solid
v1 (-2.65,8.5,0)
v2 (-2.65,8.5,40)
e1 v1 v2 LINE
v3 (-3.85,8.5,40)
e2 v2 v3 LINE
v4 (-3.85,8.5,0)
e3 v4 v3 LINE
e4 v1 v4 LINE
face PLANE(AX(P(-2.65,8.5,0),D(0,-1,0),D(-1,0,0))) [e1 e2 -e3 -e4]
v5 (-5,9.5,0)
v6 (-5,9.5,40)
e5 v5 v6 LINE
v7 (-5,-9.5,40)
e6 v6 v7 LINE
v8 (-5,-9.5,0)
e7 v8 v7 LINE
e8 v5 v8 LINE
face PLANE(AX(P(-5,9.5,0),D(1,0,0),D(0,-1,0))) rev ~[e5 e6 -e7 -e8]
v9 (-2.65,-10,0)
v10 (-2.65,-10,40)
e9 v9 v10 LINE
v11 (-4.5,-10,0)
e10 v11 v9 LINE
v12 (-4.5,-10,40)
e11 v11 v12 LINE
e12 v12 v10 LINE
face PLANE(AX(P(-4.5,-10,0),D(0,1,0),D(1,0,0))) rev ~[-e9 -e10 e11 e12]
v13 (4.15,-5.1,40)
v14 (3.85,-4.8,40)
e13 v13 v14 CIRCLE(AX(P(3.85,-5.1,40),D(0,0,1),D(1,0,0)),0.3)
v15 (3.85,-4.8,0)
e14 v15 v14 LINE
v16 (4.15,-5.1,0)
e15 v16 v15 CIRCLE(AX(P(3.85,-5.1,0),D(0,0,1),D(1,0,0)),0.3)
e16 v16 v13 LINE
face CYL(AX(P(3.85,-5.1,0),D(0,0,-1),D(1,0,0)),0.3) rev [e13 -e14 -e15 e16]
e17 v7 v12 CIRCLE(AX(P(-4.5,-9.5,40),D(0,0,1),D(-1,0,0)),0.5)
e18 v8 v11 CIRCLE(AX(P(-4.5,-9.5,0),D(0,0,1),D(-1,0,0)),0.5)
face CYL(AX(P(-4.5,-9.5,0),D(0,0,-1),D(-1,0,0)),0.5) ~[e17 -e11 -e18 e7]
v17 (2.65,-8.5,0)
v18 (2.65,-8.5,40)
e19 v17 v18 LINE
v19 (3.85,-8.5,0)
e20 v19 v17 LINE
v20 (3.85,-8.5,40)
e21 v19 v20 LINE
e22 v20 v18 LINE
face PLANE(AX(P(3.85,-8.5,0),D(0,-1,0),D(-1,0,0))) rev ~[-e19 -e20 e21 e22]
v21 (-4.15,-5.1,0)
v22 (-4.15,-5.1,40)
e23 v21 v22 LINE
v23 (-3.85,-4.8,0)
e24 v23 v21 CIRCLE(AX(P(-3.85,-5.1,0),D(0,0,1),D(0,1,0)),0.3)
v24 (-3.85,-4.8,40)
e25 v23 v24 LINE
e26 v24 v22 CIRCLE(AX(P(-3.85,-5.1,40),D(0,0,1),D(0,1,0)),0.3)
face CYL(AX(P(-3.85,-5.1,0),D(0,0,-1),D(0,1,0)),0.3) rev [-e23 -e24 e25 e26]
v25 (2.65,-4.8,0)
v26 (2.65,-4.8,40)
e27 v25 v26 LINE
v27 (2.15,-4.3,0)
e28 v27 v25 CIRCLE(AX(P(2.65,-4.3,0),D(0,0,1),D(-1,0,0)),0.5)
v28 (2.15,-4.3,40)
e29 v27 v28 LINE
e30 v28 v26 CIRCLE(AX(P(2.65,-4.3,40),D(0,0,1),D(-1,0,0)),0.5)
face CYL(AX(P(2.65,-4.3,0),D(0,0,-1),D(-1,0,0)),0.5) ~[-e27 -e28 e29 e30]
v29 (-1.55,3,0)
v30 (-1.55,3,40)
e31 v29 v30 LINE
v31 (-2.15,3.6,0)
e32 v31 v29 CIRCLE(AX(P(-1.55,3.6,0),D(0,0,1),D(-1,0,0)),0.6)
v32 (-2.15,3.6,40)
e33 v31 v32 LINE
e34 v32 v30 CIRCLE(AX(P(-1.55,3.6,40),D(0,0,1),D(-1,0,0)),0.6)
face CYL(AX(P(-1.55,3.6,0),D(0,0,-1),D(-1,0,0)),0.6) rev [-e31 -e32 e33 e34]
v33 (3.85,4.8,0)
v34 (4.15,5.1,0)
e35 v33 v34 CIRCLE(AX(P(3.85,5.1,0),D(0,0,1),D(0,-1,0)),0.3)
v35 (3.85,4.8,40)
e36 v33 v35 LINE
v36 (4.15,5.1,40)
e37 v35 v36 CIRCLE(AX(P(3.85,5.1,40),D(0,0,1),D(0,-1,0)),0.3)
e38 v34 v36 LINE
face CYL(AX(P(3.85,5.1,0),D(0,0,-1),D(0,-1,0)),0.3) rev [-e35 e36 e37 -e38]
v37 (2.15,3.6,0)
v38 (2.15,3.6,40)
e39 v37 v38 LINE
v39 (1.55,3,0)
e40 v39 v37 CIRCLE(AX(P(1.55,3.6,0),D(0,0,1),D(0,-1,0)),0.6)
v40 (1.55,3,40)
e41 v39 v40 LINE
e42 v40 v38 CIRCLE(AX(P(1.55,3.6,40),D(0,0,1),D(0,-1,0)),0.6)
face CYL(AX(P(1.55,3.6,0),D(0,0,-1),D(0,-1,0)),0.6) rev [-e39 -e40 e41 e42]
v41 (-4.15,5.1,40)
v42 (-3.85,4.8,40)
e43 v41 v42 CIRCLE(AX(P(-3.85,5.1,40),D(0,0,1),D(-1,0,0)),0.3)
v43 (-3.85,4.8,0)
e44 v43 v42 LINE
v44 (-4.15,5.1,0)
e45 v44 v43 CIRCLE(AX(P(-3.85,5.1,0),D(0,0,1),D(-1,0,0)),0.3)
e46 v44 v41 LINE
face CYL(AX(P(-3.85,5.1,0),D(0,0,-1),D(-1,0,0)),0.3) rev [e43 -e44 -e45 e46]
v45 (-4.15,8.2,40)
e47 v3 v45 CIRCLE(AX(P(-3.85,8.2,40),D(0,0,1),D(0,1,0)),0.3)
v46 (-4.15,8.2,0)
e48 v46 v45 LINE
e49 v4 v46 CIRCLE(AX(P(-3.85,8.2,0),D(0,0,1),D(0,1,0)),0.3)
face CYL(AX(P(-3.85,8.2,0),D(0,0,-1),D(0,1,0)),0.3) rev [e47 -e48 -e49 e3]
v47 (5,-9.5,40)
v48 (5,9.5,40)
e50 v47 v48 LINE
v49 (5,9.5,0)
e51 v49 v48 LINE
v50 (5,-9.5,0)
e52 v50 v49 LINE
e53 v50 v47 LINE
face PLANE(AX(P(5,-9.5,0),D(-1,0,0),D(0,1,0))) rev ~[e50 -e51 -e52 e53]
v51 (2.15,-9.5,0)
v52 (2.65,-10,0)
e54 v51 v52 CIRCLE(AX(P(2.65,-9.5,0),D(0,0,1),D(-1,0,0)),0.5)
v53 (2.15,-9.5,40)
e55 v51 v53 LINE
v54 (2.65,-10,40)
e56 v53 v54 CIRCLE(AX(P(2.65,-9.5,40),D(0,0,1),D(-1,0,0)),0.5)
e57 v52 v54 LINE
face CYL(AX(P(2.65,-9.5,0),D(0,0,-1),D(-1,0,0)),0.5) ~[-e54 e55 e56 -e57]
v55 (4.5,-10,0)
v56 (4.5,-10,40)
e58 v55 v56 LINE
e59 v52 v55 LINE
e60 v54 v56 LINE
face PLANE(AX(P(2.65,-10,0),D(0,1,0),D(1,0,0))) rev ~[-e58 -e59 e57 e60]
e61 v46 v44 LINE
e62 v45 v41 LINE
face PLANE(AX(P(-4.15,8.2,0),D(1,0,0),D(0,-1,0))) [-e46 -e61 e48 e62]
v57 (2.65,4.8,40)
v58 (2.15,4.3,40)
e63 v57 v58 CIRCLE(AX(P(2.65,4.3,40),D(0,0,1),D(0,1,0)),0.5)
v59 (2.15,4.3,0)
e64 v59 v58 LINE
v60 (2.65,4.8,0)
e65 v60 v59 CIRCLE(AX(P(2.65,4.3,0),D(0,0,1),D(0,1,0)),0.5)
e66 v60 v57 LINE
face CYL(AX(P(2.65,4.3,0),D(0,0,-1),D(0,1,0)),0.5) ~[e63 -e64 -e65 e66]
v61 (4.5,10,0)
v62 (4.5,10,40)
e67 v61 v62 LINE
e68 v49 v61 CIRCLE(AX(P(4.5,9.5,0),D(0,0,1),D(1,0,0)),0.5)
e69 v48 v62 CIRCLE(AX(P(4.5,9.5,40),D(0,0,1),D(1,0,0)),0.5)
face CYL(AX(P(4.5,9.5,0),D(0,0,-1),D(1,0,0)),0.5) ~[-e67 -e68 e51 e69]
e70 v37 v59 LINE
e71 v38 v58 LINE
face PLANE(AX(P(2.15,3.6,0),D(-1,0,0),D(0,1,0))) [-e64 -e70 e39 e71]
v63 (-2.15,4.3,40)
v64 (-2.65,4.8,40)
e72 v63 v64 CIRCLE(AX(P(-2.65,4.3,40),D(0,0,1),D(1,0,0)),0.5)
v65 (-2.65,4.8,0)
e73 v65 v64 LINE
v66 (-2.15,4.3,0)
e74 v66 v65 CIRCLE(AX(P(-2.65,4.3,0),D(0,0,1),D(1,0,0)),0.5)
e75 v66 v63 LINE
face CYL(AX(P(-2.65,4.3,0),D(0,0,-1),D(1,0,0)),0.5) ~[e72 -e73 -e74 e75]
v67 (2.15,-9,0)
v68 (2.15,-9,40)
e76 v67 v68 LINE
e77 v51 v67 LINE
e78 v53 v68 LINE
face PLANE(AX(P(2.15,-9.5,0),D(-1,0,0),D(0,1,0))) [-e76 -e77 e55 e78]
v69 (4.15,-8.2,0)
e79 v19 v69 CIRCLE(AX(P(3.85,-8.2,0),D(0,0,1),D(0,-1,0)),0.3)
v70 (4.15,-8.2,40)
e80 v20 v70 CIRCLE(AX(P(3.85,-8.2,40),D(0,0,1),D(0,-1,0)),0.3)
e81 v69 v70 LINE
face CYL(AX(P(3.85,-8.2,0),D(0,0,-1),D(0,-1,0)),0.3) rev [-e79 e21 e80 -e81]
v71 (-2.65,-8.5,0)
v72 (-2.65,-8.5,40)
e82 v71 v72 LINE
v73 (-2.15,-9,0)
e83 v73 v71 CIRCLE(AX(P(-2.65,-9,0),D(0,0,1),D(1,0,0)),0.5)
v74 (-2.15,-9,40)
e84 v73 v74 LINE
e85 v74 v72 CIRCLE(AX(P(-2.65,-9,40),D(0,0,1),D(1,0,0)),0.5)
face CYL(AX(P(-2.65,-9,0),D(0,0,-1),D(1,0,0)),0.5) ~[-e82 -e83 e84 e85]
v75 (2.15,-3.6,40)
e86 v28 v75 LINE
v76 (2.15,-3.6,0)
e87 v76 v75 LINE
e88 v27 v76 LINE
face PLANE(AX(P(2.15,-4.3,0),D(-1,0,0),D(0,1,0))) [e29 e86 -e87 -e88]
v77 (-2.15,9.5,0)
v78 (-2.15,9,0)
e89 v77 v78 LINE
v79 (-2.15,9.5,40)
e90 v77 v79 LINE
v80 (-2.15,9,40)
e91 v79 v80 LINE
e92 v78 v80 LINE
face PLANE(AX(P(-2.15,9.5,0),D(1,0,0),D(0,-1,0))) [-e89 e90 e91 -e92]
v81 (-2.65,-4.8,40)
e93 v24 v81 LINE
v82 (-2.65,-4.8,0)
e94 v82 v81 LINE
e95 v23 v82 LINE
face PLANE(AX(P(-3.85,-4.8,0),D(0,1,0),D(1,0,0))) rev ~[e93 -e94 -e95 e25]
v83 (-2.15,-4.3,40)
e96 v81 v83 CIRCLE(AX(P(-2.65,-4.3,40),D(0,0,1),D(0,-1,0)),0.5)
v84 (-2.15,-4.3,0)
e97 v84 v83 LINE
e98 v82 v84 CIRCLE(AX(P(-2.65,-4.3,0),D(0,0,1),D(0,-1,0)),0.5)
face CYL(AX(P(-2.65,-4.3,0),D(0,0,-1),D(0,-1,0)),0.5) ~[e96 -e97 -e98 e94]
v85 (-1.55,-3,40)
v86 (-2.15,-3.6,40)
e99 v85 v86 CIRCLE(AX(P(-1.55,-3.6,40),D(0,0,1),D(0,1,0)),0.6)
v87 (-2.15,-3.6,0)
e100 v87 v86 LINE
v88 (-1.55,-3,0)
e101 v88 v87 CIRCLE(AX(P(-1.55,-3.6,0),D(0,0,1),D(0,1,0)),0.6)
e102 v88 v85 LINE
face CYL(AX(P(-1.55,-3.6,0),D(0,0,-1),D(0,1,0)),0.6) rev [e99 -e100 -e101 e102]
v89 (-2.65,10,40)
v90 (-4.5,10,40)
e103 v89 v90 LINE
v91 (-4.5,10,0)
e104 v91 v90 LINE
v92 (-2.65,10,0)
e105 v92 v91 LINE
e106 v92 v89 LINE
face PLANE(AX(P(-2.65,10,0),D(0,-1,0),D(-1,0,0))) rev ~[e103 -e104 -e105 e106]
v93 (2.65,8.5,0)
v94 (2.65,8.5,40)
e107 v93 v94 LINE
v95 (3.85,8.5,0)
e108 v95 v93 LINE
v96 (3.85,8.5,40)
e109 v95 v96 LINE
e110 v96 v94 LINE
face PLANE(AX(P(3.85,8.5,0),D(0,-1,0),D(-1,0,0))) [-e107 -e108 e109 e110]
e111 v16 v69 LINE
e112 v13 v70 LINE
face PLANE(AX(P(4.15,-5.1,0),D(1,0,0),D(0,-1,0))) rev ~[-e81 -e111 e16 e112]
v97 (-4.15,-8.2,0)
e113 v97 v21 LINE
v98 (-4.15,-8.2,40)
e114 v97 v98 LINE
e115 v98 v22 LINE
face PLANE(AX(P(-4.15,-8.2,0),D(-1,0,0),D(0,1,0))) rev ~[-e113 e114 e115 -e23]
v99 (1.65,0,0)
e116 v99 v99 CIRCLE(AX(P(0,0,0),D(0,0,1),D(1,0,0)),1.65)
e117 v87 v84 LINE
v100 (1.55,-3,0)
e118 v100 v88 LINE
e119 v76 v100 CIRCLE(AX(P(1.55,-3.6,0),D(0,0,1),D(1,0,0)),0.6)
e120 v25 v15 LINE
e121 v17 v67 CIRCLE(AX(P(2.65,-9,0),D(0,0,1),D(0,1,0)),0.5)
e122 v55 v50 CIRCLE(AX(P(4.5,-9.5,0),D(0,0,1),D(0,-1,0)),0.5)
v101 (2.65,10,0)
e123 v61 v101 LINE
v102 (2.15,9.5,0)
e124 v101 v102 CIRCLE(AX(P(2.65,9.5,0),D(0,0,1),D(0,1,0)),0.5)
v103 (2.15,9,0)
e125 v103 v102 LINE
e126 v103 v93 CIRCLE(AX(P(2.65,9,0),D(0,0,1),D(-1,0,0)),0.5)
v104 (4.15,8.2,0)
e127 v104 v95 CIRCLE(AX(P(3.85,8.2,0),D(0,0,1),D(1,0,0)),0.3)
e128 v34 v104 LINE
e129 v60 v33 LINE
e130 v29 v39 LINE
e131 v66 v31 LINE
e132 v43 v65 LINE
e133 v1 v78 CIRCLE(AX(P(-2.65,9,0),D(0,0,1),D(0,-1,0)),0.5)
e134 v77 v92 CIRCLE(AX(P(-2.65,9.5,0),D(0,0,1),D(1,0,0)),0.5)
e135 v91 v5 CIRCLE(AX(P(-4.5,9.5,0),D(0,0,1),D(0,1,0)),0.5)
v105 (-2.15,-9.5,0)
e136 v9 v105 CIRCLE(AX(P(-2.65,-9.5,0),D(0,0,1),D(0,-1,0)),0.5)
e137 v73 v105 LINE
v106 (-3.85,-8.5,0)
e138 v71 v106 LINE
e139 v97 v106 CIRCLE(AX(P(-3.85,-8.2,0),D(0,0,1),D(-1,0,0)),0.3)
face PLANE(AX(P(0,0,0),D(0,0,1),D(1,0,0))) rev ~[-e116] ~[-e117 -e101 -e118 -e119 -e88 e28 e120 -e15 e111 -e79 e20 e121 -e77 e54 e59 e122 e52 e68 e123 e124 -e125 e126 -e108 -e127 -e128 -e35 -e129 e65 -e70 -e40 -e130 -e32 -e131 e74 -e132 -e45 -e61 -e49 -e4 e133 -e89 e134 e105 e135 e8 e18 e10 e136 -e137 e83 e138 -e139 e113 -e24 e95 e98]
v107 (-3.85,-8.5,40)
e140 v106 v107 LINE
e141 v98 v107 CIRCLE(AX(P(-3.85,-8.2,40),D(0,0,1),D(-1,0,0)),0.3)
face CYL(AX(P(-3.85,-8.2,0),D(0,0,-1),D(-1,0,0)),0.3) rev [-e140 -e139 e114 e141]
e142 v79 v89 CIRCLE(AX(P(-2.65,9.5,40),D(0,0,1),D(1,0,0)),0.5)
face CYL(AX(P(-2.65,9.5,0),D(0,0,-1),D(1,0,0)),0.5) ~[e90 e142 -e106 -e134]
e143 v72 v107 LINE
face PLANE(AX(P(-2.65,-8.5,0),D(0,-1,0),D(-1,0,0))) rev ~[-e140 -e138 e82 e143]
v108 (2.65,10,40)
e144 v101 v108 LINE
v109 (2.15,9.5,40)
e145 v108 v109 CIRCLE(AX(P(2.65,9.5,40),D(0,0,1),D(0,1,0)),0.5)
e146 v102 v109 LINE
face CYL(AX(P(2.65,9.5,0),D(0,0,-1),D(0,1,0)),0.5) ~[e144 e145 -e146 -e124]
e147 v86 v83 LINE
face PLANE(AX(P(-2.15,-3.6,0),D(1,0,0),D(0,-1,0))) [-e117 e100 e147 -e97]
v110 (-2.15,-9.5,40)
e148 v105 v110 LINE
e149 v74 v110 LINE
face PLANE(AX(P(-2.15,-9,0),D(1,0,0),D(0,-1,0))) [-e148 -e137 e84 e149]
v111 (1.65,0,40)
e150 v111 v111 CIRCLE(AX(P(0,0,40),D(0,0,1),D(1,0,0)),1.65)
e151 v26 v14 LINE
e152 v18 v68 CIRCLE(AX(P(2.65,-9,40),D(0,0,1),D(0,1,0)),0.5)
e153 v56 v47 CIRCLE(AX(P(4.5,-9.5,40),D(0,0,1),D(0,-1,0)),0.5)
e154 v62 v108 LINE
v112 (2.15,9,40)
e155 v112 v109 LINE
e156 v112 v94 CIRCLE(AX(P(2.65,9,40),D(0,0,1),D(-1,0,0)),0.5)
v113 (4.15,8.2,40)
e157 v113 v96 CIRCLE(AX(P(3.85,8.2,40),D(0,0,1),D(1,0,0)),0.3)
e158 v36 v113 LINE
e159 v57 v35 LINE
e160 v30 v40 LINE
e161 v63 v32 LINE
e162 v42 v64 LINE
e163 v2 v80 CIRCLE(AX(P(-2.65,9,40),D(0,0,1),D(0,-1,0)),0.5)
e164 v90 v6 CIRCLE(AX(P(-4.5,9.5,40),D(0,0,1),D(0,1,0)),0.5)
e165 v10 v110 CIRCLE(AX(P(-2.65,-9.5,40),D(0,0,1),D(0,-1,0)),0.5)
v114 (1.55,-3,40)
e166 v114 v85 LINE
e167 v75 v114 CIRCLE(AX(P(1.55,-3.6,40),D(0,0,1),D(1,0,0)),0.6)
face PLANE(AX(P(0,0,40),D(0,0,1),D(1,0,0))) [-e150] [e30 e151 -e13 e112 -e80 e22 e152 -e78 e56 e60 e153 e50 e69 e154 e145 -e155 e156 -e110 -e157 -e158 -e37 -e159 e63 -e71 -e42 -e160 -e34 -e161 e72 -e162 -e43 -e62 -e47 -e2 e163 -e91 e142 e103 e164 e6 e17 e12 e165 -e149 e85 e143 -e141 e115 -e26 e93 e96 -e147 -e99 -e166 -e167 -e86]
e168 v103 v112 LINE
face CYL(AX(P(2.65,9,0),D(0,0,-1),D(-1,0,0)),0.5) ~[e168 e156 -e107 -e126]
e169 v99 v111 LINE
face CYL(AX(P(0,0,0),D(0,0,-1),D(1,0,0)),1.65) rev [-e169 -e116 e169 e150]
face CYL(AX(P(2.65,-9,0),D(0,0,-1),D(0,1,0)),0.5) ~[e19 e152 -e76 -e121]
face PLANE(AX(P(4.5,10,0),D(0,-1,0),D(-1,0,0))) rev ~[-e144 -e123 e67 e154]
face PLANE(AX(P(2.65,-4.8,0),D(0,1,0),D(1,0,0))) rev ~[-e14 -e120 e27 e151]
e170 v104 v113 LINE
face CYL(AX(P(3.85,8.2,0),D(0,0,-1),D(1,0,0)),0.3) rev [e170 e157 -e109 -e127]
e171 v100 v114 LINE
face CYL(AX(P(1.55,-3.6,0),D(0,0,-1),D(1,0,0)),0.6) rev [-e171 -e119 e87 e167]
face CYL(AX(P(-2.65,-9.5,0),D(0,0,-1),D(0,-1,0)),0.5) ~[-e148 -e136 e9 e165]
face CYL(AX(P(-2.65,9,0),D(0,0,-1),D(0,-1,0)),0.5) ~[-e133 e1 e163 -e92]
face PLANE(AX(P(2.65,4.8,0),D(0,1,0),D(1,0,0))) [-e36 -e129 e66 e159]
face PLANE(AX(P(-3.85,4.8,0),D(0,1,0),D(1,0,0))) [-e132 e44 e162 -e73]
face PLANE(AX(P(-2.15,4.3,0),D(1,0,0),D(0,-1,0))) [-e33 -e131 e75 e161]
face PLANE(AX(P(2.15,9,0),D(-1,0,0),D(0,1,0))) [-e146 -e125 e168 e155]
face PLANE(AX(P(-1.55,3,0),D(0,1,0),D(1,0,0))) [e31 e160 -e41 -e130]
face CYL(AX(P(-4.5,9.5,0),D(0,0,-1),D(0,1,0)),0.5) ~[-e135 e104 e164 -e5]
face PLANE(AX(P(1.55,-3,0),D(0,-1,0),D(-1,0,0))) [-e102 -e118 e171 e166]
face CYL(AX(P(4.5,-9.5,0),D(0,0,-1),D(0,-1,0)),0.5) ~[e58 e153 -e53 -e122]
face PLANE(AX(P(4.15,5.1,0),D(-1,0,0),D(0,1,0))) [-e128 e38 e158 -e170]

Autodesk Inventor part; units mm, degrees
ref_plane "YZ Plane" through (0, 0, 0) normal (1, 0, 0) x (0, 1, 0)
ref_plane "XZ Plane" through (0, 0, 0) normal (0, 1, 0) x (-1, 0, 0)
ref_plane "XY Plane" through (0, 0, 0) normal (0, 0, 1) x (1, 0, 0)
sketch "BaseI" plane through (0, 0, 0) normal (0, 0, 1) x (1, 0, 0)
  line L0 (-4.5, -10) -> (-2.65, -10)
  line L1 (5, -9.5) -> (5, 9.5)
  line L2 (4.5, 10) -> (2.65, 10)
  line L3 (-5, 9.5) -> (-5, -9.5)
  line L4 (-5, -10) -> (5, 10) construction
  line L5 (5, -10) -> (-5, 10) construction
  line L6 (3.85, 8.5) -> (2.65, 8.5)
  line L7 (-4.15, 8.2) -> (-4.15, 5.1)
  line L8 (-3.85, 4.8) -> (-2.65, 4.8)
  line L9 (4.15, 5.1) -> (4.15, 8.2)
  line L10 (4.15, 8.5) -> (-4.15, 4.8) construction
  line L11 (-4.15, 8.5) -> (4.15, 4.8) construction
  line L12 (-1.55, 3) -> (1.55, 3)
  line L13 (2.15, 3.6) -> (2.15, 4.3)
  line L14 (-2.15, 9.5) -> (-2.15, 9)
  line L15 (-2.15, 3) -> (2.15, 10) construction
  line L16 (2.15, 3) -> (-2.15, 10) construction
  line L17 (3.85, -8.5) -> (2.65, -8.5)
  line L18 (-4.15, -8.2) -> (-4.15, -5.1)
  line L19 (-3.85, -4.8) -> (-2.65, -4.8)
  line L20 (4.15, -5.1) -> (4.15, -8.2)
  line L21 (4.15, -8.5) -> (-4.15, -4.8) construction
  line L22 (-4.15, -8.5) -> (4.15, -4.8) construction
  line L23 (1.55, -3) -> (-1.55, -3)
  line L24 (-2.15, -3.6) -> (-2.15, -4.3)
  line L25 (2.15, -9.5) -> (2.15, -9)
  line L26 (2.15, -3) -> (-2.15, -10) construction
  line L27 (-2.15, -3) -> (2.15, -10) construction
  arc A0 (-4.5, 10) -> (-5, 9.5) centre (-4.5, 9.5) ccw
  arc A1 (5, 9.5) -> (4.5, 10) centre (4.5, 9.5) ccw
  arc A2 (4.5, -10) -> (5, -9.5) centre (4.5, -9.5) ccw
  arc A3 (-5, -9.5) -> (-4.5, -10) centre (-4.5, -9.5) ccw
  line L28 (-2.65, 10) -> (-4.5, 10)
  line L29 (2.65, -10) -> (4.5, -10)
  arc A4 (-3.85, 8.5) -> (-4.15, 8.2) centre (-3.85, 8.2) ccw
  arc A5 (-4.15, 5.1) -> (-3.85, 4.8) centre (-3.85, 5.1) ccw
  arc A6 (4.15, 8.2) -> (3.85, 8.5) centre (3.85, 8.2) ccw
  arc A7 (3.85, 4.8) -> (4.15, 5.1) centre (3.85, 5.1) ccw
  arc A8 (-3.85, -4.8) -> (-4.15, -5.1) centre (-3.85, -5.1) ccw
  arc A9 (-4.15, -8.2) -> (-3.85, -8.5) centre (-3.85, -8.2) ccw
  arc A10 (4.15, -5.1) -> (3.85, -4.8) centre (3.85, -5.1) ccw
  arc A11 (3.85, -8.5) -> (4.15, -8.2) centre (3.85, -8.2) ccw
  arc A12 (-2.15, 3.6) -> (-1.55, 3) centre (-1.55, 3.6) ccw
  arc A13 (1.55, 3) -> (2.15, 3.6) centre (1.55, 3.6) ccw
  arc A14 (-1.55, -3) -> (-2.15, -3.6) centre (-1.55, -3.6) ccw
  arc A15 (2.15, -3.6) -> (1.55, -3) centre (1.55, -3.6) ccw
  arc A16 (-2.15, 9.5) -> (-2.65, 10) centre (-2.65, 9.5) ccw
  arc A17 (2.65, 10) -> (2.15, 9.5) centre (2.65, 9.5) ccw
  line L30 (-2.65, 8.5) -> (-3.85, 8.5)
  line L31 (2.65, 4.8) -> (3.85, 4.8)
  line L32 (2.15, 9) -> (2.15, 9.5)
  line L33 (-2.15, 4.3) -> (-2.15, 3.6)
  line L34 (2.15, -4.3) -> (2.15, -3.6)
  line L35 (-2.15, -9) -> (-2.15, -9.5)
  line L36 (2.65, -4.8) -> (3.85, -4.8)
  line L37 (-2.65, -8.5) -> (-3.85, -8.5)
  arc A18 (-2.15, 4.3) -> (-2.65, 4.8) centre (-2.65, 4.3) ccw
  arc A19 (2.65, 4.8) -> (2.15, 4.3) centre (2.65, 4.3) ccw
  arc A20 (2.15, 9) -> (2.65, 8.5) centre (2.65, 9) ccw
  arc A21 (-2.65, 8.5) -> (-2.15, 9) centre (-2.65, 9) ccw
  arc A22 (-2.65, -4.8) -> (-2.15, -4.3) centre (-2.65, -4.3) ccw
  arc A23 (2.15, -4.3) -> (2.65, -4.8) centre (2.65, -4.3) ccw
  arc A24 (2.65, -8.5) -> (2.15, -9) centre (2.65, -9) ccw
  arc A25 (-2.15, -9) -> (-2.65, -8.5) centre (-2.65, -9) ccw
  arc A26 (-2.65, -10) -> (-2.15, -9.5) centre (-2.65, -9.5) ccw
  arc A27 (2.15, -9.5) -> (2.65, -10) centre (2.65, -9.5) ccw
  circle A28 centre (0, 0) radius 1.65
  point P0 (0, 6.65)
  point P1 (0, 6.5)
  point P2 (0, -6.65)
  point P3 (0, -6.5)
  point P4 (0, 6.5)
  point P5 (0, 10)
  point P6 (0, -6.5)
  point P7 (0, -10)
  point P8 (0, 6.65)
  point P9 (0, 10)
  point P10 (0, 6.65)
  point P11 (0, -6.65)
  point P12 (0, -10)
  point P13 (0, -6.5)
  point P14 (0, -6.65)
  point P15 (0, 6.5)
  dimension "d0" = 10
  dimension "d1" = 20
  dimension "d2" = 7
  dimension "d3" = 4.3
  dimension "d4" = 7
  dimension "d5" = 4.3
  dimension "d6" = 8.3
  dimension "d7" = 8.3
  dimension "d8" = 3.7
  dimension "d9" = 3.7
  dimension "d10" = 1.5
  dimension "d11" = 1.5
  dimension "d12" = 0.5
  dimension "d13" = 0.3
  dimension "d14" = 0.6
  dimension "d15" = 0.5
  dimension "d16" = 0.5
  dimension "d17" = 3.3
extrude "押し出し1" add sketch "BaseI" along normal blind 40
properties part number "I330" material "アルミニウム 6061"
